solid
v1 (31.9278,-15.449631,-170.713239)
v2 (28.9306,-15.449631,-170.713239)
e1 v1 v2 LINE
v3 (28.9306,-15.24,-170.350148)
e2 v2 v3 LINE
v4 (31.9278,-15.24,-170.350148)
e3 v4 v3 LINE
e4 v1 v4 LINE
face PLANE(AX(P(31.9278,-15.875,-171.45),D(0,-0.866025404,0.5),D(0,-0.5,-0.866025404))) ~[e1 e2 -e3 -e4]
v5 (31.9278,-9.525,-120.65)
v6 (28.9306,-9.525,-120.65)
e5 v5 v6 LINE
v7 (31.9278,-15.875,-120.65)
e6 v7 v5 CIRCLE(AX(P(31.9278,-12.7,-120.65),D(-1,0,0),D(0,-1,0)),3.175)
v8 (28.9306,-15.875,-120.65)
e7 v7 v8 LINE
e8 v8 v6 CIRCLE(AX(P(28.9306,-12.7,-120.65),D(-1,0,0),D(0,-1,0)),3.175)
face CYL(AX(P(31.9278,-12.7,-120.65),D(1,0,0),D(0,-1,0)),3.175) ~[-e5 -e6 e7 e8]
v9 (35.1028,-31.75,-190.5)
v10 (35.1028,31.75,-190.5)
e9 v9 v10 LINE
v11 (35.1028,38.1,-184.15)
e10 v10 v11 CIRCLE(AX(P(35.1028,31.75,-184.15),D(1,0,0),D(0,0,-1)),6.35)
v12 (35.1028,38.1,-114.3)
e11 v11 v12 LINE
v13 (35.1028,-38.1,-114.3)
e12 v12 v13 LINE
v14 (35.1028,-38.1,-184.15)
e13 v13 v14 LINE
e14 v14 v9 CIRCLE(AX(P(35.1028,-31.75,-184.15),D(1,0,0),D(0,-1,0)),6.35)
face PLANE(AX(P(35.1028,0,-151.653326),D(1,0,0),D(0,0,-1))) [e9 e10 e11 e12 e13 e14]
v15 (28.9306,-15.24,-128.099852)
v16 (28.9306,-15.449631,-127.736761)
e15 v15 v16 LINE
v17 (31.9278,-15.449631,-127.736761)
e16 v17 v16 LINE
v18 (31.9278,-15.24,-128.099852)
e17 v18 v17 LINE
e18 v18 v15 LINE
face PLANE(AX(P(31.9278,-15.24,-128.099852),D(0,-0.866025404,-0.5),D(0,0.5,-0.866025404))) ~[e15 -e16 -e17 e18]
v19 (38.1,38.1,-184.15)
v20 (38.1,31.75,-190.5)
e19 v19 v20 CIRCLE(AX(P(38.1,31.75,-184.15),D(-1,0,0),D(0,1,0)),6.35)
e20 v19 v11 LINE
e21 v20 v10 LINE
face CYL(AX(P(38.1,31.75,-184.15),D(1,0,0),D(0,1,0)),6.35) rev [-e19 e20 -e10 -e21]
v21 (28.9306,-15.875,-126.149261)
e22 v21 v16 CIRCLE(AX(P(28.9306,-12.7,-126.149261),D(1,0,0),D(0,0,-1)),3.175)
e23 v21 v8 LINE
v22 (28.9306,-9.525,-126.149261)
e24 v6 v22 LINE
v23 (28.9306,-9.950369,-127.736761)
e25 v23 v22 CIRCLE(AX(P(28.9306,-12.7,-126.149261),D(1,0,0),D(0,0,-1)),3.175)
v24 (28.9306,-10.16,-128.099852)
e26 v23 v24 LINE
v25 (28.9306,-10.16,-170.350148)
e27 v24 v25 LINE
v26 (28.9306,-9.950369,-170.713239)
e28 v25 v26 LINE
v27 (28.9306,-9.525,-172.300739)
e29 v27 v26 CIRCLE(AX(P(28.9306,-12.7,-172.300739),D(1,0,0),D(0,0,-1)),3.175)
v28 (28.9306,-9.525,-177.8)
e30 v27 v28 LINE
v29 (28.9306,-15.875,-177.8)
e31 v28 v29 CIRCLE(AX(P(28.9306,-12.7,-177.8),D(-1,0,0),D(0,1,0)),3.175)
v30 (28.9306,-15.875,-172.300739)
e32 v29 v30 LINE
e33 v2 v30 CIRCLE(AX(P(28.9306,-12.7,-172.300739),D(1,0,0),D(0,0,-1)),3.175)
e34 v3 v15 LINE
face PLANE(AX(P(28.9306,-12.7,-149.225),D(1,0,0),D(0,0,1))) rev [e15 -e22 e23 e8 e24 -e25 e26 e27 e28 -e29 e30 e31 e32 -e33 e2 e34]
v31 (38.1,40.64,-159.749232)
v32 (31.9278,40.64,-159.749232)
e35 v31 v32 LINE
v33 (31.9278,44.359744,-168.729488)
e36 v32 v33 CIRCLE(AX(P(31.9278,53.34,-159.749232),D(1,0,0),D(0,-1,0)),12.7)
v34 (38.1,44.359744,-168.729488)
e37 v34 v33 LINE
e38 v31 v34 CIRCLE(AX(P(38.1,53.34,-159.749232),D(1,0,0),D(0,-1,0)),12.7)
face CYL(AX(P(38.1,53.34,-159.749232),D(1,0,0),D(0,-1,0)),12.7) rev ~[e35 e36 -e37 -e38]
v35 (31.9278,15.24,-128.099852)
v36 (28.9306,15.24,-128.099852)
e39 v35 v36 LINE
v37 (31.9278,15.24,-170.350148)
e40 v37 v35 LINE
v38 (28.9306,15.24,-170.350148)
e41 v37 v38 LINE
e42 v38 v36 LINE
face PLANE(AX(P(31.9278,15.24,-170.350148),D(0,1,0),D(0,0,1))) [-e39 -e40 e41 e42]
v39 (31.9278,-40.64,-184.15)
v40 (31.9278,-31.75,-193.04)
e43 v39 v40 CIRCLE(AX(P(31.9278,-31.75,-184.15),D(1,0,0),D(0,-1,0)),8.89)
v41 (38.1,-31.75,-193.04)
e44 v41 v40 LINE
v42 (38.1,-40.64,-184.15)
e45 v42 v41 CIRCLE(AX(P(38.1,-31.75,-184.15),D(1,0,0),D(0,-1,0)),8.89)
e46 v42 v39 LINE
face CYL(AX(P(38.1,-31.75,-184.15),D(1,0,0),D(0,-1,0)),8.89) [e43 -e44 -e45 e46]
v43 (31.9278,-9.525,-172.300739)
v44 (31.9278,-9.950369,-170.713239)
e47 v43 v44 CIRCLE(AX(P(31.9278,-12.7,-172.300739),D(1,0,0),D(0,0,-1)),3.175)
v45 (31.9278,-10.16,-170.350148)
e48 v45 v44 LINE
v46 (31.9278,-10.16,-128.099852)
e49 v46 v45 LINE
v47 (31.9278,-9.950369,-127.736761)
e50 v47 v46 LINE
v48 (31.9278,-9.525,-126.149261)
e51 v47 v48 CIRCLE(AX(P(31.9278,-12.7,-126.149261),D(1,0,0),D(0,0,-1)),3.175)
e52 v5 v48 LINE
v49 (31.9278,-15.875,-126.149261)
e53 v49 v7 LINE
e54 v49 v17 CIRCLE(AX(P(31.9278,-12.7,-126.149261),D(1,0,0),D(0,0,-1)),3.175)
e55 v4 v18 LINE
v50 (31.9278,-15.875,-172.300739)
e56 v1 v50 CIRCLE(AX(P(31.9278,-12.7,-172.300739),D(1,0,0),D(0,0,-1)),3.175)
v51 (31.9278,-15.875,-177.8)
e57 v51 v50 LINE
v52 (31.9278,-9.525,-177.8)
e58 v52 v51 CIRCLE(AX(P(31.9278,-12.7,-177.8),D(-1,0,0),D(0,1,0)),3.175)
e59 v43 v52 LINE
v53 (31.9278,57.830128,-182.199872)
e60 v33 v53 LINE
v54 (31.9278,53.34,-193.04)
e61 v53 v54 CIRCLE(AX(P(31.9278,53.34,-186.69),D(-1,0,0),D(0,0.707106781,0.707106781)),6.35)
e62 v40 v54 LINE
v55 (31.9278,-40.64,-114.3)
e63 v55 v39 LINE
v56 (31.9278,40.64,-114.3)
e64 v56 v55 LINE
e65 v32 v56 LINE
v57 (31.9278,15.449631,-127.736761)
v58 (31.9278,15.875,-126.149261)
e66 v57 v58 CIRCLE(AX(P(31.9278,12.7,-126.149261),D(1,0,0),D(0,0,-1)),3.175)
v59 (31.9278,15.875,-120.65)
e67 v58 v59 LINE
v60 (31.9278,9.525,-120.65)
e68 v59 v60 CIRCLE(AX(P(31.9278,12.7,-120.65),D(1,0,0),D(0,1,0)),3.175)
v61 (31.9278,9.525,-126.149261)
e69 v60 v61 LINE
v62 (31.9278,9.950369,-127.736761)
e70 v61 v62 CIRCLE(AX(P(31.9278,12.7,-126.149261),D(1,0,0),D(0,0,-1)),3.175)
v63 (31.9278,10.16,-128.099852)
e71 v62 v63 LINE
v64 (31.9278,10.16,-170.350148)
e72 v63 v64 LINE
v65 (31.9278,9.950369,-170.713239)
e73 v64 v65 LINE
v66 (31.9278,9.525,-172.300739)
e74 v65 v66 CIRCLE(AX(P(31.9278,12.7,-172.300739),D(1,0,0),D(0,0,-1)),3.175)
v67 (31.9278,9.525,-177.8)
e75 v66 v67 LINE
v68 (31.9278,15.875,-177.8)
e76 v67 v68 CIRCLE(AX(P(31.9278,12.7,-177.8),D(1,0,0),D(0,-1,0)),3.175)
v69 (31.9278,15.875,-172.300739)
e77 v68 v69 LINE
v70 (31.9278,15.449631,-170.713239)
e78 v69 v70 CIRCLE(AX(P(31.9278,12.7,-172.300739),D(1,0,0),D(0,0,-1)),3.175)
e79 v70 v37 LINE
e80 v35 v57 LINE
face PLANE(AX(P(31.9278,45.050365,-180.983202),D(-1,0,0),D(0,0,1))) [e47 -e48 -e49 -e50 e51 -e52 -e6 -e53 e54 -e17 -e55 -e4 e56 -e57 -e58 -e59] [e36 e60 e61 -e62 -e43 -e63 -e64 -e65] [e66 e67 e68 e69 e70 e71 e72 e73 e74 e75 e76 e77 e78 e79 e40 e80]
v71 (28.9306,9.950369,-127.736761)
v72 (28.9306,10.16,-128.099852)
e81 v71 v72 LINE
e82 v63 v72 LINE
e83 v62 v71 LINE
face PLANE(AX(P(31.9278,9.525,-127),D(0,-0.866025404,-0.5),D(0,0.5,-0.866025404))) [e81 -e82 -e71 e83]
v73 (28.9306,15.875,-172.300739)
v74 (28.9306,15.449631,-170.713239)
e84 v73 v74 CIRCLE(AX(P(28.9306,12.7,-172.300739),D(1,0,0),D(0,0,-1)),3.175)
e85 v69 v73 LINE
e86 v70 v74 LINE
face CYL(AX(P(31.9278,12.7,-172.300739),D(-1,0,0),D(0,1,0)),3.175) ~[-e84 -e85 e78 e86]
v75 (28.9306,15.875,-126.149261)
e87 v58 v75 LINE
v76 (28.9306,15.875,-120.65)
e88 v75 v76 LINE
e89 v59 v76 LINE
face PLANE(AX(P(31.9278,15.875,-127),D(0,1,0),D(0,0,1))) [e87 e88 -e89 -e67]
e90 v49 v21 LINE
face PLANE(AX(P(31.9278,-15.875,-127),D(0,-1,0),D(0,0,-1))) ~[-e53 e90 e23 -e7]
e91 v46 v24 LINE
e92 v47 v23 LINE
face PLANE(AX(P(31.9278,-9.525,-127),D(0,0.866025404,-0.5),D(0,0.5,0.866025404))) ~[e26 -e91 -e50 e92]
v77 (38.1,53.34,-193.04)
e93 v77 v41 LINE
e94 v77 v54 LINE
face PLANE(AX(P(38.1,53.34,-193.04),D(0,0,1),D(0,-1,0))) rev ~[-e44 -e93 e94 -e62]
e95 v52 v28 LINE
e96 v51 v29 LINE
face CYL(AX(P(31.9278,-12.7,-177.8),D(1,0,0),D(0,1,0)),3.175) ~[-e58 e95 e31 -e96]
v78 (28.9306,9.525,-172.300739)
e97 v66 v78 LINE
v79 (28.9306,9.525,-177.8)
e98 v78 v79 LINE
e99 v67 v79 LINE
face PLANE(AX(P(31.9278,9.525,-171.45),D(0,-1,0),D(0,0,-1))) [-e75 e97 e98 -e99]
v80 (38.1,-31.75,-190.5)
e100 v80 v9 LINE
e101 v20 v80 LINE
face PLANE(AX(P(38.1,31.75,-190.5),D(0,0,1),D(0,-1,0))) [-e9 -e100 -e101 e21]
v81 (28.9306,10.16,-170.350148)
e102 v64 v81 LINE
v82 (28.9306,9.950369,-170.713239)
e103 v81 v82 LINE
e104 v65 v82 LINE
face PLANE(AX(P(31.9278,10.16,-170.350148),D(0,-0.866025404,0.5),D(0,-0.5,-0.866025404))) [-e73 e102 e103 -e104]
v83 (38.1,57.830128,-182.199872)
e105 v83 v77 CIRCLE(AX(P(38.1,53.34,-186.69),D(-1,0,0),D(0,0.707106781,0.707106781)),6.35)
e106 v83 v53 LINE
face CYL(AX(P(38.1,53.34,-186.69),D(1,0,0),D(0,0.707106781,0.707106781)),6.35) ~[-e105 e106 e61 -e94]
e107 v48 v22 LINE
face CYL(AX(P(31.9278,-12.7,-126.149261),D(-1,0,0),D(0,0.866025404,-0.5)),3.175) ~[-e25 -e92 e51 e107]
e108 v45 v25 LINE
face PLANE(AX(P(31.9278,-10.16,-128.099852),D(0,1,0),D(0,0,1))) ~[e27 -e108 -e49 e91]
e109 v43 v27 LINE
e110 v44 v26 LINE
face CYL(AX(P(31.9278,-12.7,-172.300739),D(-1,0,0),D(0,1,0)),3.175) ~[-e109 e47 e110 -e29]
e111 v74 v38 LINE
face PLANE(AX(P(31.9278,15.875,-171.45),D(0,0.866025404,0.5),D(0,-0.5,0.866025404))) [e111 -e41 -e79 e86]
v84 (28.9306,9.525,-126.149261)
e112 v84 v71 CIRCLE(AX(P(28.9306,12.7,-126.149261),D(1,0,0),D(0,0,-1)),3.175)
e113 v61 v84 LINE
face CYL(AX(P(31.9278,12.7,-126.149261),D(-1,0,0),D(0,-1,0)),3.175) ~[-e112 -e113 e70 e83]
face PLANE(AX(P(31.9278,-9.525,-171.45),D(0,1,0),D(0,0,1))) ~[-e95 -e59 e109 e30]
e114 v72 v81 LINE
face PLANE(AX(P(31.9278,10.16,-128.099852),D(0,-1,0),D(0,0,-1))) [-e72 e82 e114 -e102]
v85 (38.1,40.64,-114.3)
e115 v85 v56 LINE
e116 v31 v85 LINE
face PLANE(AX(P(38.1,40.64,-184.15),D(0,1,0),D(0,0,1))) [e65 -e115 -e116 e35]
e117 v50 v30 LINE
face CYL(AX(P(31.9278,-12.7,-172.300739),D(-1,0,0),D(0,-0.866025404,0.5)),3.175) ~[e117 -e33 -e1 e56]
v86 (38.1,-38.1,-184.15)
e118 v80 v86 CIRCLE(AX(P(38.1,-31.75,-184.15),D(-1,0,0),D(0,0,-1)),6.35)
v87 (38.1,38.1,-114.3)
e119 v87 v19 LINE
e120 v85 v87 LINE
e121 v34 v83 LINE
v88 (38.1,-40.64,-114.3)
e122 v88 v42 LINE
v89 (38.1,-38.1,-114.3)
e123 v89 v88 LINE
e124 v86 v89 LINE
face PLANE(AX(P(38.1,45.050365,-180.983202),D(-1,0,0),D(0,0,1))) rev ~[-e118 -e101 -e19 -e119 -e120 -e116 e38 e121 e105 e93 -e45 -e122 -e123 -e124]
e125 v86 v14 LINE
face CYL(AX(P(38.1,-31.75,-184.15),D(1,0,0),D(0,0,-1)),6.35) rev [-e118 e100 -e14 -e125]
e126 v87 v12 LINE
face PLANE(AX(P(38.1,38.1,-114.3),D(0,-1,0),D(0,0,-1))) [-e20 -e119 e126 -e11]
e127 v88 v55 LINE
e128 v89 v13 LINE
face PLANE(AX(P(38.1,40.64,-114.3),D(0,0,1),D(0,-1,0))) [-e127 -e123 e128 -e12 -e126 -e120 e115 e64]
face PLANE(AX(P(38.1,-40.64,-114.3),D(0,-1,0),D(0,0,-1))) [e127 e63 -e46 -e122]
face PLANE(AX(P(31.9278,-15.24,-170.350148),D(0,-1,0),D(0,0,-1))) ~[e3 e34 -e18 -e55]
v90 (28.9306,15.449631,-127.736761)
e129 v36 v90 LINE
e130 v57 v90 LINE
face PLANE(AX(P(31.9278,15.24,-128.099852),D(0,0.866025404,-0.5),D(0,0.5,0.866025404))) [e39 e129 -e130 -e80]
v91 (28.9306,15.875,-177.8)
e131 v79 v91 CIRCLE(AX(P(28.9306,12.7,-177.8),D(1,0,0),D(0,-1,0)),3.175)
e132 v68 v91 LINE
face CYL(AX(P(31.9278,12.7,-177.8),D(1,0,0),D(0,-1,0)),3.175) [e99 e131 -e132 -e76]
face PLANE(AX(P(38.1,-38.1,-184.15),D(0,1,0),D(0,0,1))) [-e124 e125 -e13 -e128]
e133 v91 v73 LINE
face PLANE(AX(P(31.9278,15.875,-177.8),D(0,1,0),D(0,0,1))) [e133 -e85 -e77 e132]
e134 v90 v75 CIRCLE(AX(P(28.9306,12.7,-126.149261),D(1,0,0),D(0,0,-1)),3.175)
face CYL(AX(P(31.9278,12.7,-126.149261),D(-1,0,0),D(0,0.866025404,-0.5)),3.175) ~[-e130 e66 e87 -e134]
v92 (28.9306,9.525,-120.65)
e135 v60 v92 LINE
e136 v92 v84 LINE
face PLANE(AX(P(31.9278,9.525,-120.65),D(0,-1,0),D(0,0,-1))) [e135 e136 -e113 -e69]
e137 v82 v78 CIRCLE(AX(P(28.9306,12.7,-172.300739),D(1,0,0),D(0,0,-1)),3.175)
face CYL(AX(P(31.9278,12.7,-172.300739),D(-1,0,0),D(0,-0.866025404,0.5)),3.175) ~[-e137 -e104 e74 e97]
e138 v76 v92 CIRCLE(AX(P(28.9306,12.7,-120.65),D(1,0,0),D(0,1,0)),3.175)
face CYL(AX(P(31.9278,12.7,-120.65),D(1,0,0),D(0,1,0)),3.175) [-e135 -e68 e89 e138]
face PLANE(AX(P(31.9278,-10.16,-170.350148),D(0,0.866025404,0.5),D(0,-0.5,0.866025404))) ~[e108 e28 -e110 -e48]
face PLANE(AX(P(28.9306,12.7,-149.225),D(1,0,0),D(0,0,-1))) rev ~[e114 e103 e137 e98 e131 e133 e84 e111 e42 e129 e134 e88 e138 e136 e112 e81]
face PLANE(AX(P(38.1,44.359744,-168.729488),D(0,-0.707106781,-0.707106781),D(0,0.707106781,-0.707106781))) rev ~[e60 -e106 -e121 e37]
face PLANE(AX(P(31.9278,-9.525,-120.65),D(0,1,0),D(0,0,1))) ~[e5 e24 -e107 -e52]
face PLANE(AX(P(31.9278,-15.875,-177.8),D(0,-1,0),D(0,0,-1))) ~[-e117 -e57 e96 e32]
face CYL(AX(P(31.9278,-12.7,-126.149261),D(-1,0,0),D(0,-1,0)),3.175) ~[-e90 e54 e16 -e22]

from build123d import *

# Parameters (mm, degrees)
BOSS_EXTRUDE1_DEPTH  = 3.175
EXTRUDE_THIN1_START  = -6.1722
EXTRUDE_THIN1_DEPTH  = 6.1722
BOSS_EXTRUDE2_DEPTH  = 2.9972
FILLET1_R            = 3.175
FILLET1_OF_MIRROR1_R = 3.175
BOSS_EXTRUDE3_START  = -6.1722
BOSS_EXTRUDE3_DEPTH  = 6.1722


with BuildPart() as part:
    # Sketch1 → Boss-Extrude1 (new body)
    with BuildSketch(Plane.ZY.offset(-35.1028)):
        with BuildLine():
            Line((-114.3, 38.1), (-114.3, -38.1))
            Line((-114.3, -38.1), (-184.15, -38.1))
            ThreePointArc((-184.15, -38.1), (-188.640128061, -36.240128061), (-190.5, -31.75))
            Line((-190.5, -31.75), (-190.5, 31.75))
            ThreePointArc((-190.5, 31.75), (-188.640128061, 36.240128061), (-184.15, 38.1))
            Line((-184.15, 38.1), (-114.3, 38.1))
        make_face()
    extrude(amount=BOSS_EXTRUDE1_DEPTH)

    # Sketch4 → Extrude-Thin1 (add)
    with BuildSketch(Plane.ZY.offset(-31.9278).offset(EXTRUDE_THIN1_START)):
        with BuildLine():
            Line((-114.3, 38.1), (-184.15, 38.1))
            ThreePointArc((-184.15, 38.1), (-188.640128061, 36.240128061), (-190.5, 31.75))
            Line((-190.5, 31.75), (-190.5, -31.75))
            ThreePointArc((-190.5, -31.75), (-188.640128061, -36.240128061), (-184.15, -38.1))
            Line((-184.15, -38.1), (-114.3, -38.1))
            Line((-114.3, -38.1), (-114.3, -40.64))
            Line((-114.3, -40.64), (-184.15, -40.64))
            ThreePointArc((-184.15, -40.64), (-190.436179285, -38.036179285), (-193.04, -31.75))
            Line((-193.04, -31.75), (-193.04, 31.75))
            ThreePointArc((-193.04, 31.75), (-190.436179285, 38.036179285), (-184.15, 40.64))
            Line((-184.15, 40.64), (-114.3, 40.64))
            Line((-114.3, 40.64), (-114.3, 38.1))
        make_face()
    extrude(amount=EXTRUDE_THIN1_DEPTH)

    # Sketch5 → Boss-Extrude2 (add)
    with BuildSketch(Plane.ZY.offset(-31.9278)):
        with BuildLine():
            Line((-177.8, 15.875), (-171.45, 15.875))
            Line((-171.45, 15.875), (-170.350147737, 15.24))
            Line((-170.350147737, 15.24), (-128.099852263, 15.24))
            Line((-128.099852263, 15.24), (-127, 15.875))
            Line((-127, 15.875), (-120.65, 15.875))
            ThreePointArc((-120.65, 15.875), (-117.475, 12.7), (-120.65, 9.525))
            Line((-120.65, 9.525), (-127, 9.525))
            Line((-127, 9.525), (-128.099852263, 10.16))
            Line((-128.099852263, 10.16), (-170.350147737, 10.16))
            Line((-170.350147737, 10.16), (-171.45, 9.525))
            Line((-171.45, 9.525), (-177.8, 9.525))
            ThreePointArc((-177.8, 9.525), (-180.975, 12.7), (-177.8, 15.875))
        make_face()
    boss_extrude2 = extrude(amount=BOSS_EXTRUDE2_DEPTH)

    # Fillet1
    fillet1_edges = [part.edges().sort_by_distance(p)[0] for p in [
        (30.4292, 15.875, -171.45),
        (30.4292, 9.525, -171.45),
        (30.4292, 9.525, -127),
        (30.4292, 15.875, -127),
    ]]
    fillet(fillet1_edges, radius=FILLET1_R)

    # Mirror1: Boss-Extrude2 across plane
    add(boss_extrude2.mirror(Plane.ZX))

    # Fillet1 of Mirror1
    fillet1_of_mirror1_edges = [part.edges().sort_by_distance(p)[0] for p in [
        (30.4292, -15.875, -171.45),
        (30.4292, -9.525, -171.45),
        (30.4292, -9.525, -127),
        (30.4292, -15.875, -127),
    ]]
    fillet(fillet1_of_mirror1_edges, radius=FILLET1_OF_MIRROR1_R)

    # Sketch6 → Boss-Extrude3 (add)
    with BuildSketch(Plane.ZY.offset(-31.9278).offset(BOSS_EXTRUDE3_START)):
        with BuildLine():
            Line((-193.04, 53.34), (-193.04, 31.75))
            ThreePointArc((-193.04, 31.75), (-190.436179285, 38.036179285), (-184.15, 40.64))
            Line((-184.15, 40.64), (-159.749231637, 40.64))
            ThreePointArc((-159.749231637, 40.64), (-164.609311228, 41.606729937), (-168.729487758, 44.359743879))
            Line((-168.729487758, 44.359743879), (-182.199871939, 57.830128061))
            ThreePointArc((-182.199871939, 57.830128061), (-189.120039796, 59.206635031), (-193.04, 53.34))
        make_face()
    extrude(amount=BOSS_EXTRUDE3_DEPTH)


solid = part.part
